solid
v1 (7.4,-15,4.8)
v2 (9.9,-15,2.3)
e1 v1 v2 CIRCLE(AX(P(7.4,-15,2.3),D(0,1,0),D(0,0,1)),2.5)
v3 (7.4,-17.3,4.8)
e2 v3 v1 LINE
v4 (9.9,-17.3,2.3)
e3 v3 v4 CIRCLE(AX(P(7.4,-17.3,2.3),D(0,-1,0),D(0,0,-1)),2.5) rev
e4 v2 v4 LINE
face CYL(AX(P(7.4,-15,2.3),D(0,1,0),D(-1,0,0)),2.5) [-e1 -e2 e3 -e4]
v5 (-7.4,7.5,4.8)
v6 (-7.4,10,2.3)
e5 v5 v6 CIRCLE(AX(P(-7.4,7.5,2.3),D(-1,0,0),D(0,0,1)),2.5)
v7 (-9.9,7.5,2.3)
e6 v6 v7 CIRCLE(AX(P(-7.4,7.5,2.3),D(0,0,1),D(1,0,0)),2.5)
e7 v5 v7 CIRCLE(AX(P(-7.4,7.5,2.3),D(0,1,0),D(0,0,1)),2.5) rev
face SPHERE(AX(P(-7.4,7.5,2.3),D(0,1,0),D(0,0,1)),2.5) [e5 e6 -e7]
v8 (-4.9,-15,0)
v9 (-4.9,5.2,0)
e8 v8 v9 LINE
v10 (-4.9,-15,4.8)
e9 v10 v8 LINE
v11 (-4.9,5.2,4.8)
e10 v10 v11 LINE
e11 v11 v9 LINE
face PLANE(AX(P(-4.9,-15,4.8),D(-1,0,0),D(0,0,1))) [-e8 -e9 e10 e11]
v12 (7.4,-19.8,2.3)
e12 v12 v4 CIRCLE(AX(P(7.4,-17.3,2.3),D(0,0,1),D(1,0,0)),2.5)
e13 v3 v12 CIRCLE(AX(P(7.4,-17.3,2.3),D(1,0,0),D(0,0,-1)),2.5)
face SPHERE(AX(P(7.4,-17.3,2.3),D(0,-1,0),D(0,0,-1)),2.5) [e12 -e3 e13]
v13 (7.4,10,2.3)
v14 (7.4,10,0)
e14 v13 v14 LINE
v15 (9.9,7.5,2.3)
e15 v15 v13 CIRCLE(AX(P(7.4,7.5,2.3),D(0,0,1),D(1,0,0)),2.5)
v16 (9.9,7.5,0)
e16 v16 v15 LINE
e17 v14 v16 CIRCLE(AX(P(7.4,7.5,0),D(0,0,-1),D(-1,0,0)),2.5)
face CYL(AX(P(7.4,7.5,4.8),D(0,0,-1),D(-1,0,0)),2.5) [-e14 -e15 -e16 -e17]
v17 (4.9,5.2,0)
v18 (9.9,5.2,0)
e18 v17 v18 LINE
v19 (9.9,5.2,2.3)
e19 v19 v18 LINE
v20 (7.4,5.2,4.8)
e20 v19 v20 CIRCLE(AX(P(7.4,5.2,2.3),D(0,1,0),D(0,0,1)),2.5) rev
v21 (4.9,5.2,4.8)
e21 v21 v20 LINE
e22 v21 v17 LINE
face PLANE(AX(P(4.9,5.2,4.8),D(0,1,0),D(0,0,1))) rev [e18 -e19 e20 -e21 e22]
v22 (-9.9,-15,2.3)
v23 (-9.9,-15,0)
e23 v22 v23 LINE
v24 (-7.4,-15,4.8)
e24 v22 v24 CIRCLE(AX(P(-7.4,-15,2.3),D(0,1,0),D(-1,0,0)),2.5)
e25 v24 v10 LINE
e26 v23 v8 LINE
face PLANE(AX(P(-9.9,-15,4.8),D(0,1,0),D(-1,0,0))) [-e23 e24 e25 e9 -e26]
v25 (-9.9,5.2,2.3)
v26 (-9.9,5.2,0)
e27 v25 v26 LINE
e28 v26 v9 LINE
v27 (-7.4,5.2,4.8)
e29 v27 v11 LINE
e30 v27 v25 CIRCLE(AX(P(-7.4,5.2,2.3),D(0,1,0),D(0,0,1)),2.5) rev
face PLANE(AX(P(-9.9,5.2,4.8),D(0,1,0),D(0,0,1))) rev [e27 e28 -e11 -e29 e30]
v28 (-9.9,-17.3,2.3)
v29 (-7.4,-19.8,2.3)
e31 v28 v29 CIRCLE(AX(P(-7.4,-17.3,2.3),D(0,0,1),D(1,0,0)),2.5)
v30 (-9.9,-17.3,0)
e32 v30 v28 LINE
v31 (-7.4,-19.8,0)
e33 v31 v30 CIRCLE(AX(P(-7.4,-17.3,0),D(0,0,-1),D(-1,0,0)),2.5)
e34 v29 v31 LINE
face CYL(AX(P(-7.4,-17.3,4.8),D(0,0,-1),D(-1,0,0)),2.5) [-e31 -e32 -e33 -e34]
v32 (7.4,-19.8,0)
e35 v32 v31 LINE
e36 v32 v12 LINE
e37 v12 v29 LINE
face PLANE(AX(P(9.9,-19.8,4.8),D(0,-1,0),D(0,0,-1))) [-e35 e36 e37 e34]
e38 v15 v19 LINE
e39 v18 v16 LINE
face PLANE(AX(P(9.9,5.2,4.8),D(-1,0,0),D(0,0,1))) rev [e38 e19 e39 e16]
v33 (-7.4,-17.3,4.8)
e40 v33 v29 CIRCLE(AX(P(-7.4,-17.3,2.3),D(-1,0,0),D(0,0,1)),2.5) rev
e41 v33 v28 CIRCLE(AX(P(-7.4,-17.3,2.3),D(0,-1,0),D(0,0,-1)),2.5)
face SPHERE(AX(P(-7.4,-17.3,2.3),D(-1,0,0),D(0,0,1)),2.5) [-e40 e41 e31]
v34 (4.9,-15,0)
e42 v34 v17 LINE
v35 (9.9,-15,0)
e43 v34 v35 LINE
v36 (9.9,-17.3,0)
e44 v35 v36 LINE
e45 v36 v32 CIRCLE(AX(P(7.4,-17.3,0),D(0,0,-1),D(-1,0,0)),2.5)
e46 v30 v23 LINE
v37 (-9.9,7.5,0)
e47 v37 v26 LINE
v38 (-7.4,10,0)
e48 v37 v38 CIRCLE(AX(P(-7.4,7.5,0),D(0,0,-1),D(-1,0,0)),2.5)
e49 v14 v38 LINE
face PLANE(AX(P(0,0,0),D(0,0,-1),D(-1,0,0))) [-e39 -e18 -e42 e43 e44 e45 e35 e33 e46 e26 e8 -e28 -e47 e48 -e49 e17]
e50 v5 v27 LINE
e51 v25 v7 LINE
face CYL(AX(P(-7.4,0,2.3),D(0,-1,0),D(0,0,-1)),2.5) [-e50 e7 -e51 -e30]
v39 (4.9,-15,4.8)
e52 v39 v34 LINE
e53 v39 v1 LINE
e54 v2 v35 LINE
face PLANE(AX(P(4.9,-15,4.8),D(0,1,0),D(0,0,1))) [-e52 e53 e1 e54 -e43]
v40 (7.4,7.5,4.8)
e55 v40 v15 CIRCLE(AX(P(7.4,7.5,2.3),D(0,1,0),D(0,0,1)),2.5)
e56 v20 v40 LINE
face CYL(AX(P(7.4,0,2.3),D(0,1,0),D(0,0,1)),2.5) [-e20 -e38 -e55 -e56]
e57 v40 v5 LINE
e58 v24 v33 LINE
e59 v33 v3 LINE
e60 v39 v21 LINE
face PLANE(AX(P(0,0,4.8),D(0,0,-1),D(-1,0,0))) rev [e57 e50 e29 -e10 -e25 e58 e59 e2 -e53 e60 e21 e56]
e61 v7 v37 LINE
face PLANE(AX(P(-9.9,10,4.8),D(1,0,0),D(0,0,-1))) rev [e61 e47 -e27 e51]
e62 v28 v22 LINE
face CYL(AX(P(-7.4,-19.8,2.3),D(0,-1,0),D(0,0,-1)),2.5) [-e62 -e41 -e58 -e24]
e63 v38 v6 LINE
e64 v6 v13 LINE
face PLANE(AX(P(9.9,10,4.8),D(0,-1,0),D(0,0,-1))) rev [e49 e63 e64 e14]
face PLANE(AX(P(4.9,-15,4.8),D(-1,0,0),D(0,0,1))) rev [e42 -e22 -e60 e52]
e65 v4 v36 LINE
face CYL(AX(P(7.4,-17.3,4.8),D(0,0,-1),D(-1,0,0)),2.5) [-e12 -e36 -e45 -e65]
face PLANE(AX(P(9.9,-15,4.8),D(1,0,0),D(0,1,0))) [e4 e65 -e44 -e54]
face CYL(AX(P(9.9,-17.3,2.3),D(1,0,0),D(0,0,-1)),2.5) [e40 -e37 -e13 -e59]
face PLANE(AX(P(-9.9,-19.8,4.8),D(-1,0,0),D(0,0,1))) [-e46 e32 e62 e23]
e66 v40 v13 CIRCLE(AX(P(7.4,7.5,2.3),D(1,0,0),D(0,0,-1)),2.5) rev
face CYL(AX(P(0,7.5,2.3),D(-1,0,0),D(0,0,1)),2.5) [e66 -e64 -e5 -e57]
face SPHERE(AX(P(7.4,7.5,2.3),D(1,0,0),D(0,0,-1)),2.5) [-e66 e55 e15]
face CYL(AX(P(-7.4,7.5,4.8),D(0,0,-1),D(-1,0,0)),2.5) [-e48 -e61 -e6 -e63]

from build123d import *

# Parameters (mm, degrees)
BOSS_EXTRUDE1_DEPTH = 4.8
FILLET1_R           = 2.5


with BuildPart() as part:
    # Sketch1 → Boss-Extrude1 (new body)
    with BuildSketch(Plane(origin=(0, 0, 0), x_dir=(0, 1, 0), z_dir=(0, 0, 1))):
        Polygon((-15, -4.9), (-15, -9.9), (-19.8, -9.9), (-19.8, 9.9), (-15, 9.9), (-15, 4.9), (5.2, 4.9), (5.2, 9.9), (10, 9.9), (10, -9.9), (5.2, -9.9), (5.2, -4.9), align=None)
    extrude(amount=BOSS_EXTRUDE1_DEPTH)

    # Fillet1
    fillet1_edges = [part.edges().sort_by_distance(p)[0] for p in [
        (0, -19.8, 4.8),
        (-9.9, -17.4, 4.8),
        (9.9, 10, 2.4),
        (-9.9, 10, 2.4),
        (-9.9, -19.8, 2.4),
        (9.9, -19.8, 2.4),
        (-9.9, 7.6, 4.8),
        (0, 10, 4.8),
        (9.9, 7.6, 4.8),
        (9.9, -17.4, 4.8),
    ]]
    fillet(fillet1_edges, radius=FILLET1_R)


solid = part.part
